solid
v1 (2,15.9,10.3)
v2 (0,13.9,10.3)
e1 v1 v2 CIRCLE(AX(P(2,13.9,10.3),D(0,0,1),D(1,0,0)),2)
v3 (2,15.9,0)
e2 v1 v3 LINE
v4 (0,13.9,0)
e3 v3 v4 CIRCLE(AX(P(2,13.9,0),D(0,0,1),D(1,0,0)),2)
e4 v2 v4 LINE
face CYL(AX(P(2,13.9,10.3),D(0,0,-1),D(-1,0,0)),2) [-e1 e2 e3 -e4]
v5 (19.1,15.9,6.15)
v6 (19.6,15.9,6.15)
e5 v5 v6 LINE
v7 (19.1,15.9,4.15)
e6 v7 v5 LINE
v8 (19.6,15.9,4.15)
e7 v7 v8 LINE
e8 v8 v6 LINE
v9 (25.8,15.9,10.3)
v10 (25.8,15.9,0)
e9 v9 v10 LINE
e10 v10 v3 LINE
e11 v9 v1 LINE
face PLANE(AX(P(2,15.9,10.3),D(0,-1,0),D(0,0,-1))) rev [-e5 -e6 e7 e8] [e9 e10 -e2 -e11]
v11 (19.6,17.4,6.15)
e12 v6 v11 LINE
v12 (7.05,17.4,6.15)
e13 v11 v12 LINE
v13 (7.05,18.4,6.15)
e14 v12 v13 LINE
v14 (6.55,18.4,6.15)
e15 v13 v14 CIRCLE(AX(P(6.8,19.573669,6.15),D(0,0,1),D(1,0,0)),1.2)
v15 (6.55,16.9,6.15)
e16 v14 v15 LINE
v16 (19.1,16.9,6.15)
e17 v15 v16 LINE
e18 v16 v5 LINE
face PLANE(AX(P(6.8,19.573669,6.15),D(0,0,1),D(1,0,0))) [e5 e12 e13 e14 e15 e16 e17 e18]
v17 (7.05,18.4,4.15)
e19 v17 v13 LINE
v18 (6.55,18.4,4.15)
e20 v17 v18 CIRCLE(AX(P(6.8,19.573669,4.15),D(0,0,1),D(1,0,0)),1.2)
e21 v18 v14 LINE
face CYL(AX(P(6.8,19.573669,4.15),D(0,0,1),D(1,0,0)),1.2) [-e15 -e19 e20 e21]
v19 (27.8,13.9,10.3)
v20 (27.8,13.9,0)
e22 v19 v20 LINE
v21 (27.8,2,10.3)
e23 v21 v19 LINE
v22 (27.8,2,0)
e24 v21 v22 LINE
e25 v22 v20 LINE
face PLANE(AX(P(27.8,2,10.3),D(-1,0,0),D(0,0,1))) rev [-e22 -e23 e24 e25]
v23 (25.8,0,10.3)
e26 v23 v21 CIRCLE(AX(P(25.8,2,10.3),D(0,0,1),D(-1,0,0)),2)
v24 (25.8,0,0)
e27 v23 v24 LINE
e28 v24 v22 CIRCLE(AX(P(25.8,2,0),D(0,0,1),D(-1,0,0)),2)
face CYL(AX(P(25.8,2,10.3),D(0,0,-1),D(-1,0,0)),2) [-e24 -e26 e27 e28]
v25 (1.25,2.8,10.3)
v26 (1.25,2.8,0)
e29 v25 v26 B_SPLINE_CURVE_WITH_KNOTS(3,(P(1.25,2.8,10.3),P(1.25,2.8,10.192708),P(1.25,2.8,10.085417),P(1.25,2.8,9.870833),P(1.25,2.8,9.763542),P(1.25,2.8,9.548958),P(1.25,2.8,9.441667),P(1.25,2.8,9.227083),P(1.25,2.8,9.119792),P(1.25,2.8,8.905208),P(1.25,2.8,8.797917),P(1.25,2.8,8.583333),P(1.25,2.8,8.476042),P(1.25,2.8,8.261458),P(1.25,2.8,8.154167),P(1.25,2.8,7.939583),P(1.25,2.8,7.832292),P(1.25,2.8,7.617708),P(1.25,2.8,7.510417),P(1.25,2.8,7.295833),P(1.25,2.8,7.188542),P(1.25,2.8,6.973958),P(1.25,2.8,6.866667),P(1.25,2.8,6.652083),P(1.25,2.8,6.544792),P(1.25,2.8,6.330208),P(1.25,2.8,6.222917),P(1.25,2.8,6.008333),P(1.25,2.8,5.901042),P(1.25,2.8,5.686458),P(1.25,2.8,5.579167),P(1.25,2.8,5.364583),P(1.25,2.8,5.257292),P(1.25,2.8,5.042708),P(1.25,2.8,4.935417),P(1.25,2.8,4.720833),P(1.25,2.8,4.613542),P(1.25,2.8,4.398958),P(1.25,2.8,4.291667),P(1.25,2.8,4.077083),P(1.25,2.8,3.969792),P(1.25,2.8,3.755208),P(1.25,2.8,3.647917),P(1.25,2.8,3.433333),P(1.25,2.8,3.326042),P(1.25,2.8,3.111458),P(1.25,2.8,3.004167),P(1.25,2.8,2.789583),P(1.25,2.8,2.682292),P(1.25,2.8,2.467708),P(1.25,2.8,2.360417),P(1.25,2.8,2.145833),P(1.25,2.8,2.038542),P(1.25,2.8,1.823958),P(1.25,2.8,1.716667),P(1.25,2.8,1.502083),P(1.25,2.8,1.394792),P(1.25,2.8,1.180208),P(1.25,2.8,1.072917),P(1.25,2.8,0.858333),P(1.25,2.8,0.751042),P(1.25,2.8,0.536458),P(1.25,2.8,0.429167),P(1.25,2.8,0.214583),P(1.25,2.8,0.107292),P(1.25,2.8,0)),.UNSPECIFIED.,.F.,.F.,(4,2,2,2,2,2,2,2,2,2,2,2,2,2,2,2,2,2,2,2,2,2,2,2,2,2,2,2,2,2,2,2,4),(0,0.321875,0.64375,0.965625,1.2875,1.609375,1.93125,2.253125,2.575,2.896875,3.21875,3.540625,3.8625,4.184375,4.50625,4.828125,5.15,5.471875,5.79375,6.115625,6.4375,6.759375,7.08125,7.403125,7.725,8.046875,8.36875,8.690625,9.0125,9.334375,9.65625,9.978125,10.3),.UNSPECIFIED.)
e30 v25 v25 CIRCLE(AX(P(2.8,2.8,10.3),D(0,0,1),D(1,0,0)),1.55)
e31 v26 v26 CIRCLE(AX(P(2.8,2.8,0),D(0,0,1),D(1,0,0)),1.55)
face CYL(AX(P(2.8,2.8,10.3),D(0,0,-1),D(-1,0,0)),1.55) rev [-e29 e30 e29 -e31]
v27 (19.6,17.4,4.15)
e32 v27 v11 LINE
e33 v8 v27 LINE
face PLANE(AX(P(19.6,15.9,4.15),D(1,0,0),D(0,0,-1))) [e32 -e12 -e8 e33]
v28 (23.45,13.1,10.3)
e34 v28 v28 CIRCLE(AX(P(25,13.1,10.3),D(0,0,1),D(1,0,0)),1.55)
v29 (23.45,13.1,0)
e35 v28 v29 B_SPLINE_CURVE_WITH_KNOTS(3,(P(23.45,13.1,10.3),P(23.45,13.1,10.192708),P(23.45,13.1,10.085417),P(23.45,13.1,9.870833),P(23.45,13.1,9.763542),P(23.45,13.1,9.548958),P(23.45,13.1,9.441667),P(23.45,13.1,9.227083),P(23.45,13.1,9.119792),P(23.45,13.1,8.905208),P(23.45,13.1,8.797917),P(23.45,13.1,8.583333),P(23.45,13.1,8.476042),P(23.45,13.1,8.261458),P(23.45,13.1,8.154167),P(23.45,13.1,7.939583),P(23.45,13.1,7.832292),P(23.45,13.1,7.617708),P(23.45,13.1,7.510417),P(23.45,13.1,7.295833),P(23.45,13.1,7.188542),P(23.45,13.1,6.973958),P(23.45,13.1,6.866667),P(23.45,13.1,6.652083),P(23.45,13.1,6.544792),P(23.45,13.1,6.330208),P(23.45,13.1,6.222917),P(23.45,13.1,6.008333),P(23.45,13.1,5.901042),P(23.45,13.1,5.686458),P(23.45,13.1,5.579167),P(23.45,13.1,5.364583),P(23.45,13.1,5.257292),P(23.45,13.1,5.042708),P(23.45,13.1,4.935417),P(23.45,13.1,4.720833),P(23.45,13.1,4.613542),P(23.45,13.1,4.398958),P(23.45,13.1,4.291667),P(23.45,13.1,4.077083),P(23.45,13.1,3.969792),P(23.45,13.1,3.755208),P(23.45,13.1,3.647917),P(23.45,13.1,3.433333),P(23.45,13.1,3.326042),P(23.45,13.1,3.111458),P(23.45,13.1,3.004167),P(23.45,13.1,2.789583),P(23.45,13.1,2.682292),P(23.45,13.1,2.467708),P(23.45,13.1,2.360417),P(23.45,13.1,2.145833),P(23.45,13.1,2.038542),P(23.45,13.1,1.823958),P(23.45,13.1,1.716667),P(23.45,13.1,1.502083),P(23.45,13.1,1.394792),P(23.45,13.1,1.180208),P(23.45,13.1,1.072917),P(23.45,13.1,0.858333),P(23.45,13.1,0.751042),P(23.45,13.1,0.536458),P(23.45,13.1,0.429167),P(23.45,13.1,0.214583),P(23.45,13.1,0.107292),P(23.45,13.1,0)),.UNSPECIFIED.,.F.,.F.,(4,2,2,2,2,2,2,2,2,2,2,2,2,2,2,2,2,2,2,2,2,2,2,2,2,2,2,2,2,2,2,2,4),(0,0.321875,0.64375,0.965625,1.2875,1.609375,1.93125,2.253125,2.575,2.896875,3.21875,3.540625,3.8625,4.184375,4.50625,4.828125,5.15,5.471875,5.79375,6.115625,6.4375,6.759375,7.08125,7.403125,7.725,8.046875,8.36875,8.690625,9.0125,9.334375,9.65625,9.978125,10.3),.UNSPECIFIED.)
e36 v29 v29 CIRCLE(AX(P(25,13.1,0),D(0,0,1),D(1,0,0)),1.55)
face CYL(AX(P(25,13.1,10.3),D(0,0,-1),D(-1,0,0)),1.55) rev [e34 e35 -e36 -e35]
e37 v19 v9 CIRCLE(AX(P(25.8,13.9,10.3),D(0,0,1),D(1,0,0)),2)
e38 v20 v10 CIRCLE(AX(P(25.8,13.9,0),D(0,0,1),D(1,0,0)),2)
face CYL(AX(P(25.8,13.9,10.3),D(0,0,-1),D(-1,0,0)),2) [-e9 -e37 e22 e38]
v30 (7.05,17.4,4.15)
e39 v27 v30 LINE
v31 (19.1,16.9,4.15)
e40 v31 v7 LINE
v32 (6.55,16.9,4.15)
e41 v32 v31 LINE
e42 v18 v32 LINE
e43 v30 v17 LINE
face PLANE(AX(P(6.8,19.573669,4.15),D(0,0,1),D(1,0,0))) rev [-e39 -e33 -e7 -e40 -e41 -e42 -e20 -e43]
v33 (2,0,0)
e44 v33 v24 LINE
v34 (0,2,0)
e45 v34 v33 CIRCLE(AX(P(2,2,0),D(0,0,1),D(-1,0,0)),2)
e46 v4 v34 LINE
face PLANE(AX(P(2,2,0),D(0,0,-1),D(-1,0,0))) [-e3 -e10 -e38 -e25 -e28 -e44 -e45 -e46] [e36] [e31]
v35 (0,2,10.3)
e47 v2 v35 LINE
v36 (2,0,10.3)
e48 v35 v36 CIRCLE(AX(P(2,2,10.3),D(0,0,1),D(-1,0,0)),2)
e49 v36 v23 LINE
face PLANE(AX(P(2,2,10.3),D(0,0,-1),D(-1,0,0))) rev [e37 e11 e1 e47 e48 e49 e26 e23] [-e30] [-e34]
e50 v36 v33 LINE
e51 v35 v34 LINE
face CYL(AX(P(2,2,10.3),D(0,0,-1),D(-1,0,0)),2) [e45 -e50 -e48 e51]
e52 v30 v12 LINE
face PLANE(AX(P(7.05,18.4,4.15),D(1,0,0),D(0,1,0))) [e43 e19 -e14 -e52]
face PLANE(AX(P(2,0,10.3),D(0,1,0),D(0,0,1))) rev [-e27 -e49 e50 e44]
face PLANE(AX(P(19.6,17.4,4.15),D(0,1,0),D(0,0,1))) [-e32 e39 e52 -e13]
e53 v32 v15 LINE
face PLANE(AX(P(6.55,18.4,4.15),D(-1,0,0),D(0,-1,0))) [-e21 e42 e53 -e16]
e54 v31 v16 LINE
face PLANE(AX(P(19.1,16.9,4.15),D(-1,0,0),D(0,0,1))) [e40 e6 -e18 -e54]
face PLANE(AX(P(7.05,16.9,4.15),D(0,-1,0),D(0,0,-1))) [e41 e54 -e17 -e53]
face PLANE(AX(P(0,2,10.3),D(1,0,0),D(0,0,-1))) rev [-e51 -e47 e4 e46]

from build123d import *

# Parameters (mm, degrees)
SKETCH1_R                = 1.55
BOSS_EXTRUDE1_DEPTH      = 10.3
BOSS_EXTRUDE2_DEPTH      = 1
BOSS_EXTRUDE2_DEPTH_BACK = 1


with BuildPart() as part:
    # Sketch1 → Boss-Extrude1 (new body)
    with BuildSketch(Plane.XY):
        with BuildLine():
            Line((2, 0), (25.8, 0))
            ThreePointArc((25.8, 0), (27.214213562, 0.585786438), (27.8, 2))
            Line((27.8, 2), (27.8, 13.9))
            ThreePointArc((27.8, 13.9), (27.214213562, 15.314213562), (25.8, 15.9))
            Line((25.8, 15.9), (2, 15.9))
            ThreePointArc((2, 15.9), (0.585786438, 15.314213562), (0, 13.9))
            Line((0, 13.9), (0, 2))
            ThreePointArc((0, 2), (0.585786438, 0.585786438), (2, 0))
        make_face()
        with Locations(Location((2.8, 2.8, 0), (0, 0, 180))):
            Circle(SKETCH1_R, mode=Mode.SUBTRACT)
        with Locations(Location((25, 13.1, 0), (0, 0, 180))):
            Circle(SKETCH1_R, mode=Mode.SUBTRACT)
    extrude(amount=BOSS_EXTRUDE1_DEPTH)

    # Sketch2 → Boss-Extrude2 (add, two sides: drawn at the far end of the back side and taken through both)
    with BuildSketch(Plane.XY.offset(5.15).offset(-BOSS_EXTRUDE2_DEPTH_BACK)):
        with BuildLine():
            Line((6.55, 18.4), (6.55, 16.9))
            Line((6.55, 16.9), (7.05, 16.9))
            Line((7.05, 16.9), (19.1, 16.9))
            Line((19.1, 16.9), (19.1, 15.9))
            Line((19.1, 15.9), (19.6, 15.9))
            Line((19.6, 15.9), (19.6, 17.4))
            Line((19.6, 17.4), (7.05, 17.4))
            Line((7.05, 17.4), (7.05, 18.4))
            ThreePointArc((7.05, 18.4), (6.8, 20.773669459), (6.55, 18.4))
        make_face()
    extrude(amount=BOSS_EXTRUDE2_DEPTH + BOSS_EXTRUDE2_DEPTH_BACK)


solid = part.part
